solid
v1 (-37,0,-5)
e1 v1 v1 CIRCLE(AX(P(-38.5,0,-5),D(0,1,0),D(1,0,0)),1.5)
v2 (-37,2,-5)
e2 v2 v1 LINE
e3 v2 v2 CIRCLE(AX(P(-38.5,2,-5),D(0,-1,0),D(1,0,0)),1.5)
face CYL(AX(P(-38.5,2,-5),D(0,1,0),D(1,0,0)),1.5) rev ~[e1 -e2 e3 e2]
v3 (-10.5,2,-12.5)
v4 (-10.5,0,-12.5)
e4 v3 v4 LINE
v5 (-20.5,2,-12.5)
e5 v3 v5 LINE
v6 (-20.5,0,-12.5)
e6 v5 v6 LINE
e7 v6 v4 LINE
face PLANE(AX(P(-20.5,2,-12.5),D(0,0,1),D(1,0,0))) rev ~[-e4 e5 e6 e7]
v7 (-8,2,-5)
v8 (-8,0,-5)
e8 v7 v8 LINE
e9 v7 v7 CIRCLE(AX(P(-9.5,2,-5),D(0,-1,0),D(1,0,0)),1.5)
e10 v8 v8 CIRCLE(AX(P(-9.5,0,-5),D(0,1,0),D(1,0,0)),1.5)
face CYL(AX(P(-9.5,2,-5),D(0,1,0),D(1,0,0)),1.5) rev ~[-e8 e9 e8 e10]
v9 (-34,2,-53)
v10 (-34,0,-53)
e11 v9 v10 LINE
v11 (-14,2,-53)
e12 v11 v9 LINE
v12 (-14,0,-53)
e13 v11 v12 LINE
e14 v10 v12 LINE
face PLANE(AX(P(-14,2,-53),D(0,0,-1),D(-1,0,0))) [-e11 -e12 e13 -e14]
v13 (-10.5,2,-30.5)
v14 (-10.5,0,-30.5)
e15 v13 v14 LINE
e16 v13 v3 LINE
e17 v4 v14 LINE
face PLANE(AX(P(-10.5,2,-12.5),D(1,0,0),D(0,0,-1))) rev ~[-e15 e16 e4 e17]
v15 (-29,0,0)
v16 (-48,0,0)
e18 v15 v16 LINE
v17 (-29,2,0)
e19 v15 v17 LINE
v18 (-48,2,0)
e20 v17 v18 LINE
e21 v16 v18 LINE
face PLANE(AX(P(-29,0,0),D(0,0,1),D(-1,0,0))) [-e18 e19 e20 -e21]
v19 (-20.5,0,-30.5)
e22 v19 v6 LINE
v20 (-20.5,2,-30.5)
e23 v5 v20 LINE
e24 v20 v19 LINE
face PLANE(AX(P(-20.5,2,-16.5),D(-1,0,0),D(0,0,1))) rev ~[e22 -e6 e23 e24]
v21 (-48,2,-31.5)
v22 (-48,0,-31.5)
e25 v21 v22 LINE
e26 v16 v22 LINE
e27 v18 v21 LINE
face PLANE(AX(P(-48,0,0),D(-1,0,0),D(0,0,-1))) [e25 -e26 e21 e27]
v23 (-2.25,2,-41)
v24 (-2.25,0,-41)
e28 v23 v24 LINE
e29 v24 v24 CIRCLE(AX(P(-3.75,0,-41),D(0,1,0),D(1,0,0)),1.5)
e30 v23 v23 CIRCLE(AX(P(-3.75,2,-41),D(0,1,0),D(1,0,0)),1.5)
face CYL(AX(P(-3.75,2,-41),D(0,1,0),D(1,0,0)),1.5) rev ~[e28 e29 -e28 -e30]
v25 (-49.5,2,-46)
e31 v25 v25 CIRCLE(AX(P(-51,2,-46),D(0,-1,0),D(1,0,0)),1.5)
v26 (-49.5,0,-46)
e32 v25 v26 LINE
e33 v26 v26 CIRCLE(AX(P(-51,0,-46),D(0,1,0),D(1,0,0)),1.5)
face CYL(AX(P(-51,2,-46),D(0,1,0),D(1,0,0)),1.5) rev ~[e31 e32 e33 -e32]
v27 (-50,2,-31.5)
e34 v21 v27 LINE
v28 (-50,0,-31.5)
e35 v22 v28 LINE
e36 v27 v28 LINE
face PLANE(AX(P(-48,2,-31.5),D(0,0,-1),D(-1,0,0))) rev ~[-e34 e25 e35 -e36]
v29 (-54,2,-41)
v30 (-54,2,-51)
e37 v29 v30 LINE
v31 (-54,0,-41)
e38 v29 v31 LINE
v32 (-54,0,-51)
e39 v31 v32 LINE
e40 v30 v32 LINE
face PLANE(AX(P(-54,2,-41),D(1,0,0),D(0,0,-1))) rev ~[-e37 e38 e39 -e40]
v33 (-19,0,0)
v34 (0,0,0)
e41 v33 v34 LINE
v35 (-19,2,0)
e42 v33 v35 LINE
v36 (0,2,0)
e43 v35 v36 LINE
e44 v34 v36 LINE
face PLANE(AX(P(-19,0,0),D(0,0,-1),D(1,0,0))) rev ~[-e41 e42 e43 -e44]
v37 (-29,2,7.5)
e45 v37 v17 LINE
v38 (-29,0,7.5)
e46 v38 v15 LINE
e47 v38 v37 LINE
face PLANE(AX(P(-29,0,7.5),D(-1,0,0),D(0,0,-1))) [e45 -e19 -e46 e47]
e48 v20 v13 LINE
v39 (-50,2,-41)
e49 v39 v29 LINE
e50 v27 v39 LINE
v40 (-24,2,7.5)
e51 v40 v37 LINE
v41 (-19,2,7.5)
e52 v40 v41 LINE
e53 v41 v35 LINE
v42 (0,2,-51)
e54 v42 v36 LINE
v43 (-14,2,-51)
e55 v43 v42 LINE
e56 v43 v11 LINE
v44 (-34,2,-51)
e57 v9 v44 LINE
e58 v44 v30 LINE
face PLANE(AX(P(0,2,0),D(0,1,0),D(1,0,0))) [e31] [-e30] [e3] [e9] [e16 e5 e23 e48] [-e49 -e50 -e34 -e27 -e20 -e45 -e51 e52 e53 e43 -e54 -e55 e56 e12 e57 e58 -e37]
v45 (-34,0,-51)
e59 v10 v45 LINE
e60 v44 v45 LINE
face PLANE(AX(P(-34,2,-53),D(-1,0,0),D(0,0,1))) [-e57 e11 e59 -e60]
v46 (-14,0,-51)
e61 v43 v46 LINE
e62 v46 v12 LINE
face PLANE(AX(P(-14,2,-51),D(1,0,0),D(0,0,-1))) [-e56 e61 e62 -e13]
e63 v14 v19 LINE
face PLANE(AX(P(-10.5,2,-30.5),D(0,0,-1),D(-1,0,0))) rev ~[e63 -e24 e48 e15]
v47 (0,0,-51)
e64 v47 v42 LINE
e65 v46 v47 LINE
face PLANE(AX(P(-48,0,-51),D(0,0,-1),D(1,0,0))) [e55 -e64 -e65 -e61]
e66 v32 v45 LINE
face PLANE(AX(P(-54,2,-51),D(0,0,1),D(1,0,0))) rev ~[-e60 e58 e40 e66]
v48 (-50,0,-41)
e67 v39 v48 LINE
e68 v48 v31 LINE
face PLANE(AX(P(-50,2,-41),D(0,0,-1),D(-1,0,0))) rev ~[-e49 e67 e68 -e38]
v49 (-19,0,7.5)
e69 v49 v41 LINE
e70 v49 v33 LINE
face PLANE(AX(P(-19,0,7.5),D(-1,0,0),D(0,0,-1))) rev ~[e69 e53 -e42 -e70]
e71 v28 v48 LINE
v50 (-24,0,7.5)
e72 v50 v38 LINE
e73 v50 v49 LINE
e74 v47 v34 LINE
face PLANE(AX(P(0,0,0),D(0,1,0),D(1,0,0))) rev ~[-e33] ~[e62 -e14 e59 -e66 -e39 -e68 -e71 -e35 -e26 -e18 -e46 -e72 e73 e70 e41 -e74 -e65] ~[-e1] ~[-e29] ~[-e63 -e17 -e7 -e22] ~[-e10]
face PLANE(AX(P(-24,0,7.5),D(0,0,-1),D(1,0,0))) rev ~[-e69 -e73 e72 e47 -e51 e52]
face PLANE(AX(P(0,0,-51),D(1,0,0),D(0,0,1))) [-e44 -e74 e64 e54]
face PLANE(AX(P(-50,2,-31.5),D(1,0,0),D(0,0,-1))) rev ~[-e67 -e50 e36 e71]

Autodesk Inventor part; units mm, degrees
ref_plane "YZ Plane" through (0, 0, 0) normal (1, 0, 0) x (0, 1, 0)
ref_plane "XZ Plane" through (0, 0, 0) normal (0, 1, 0) x (-1, 0, 0)
ref_plane "XY Plane" through (0, 0, 0) normal (0, 0, 1) x (1, 0, 0)
sketch "Boceto1" plane through (0, 0, 0) normal (0, 1, 0) x (-1, 0, 0)
  line L0 (48, 0) -> (48, -51)
  line L1 (48, -51) -> (0, -51)
  line L2 (0, -51) -> (0, 0)
  line L3 (24, 7.5) -> (29, 7.5)
  line L4 (29, 7.5) -> (29, 0)
  line L5 (24, 7.5) -> (19, 7.5)
  line L6 (19, 7.5) -> (19, 0)
  line L7 (24, 7.5) -> (24, -1.25)
  circle A0 centre (24, -1.25) radius 1.5
  line L8 (29, 0) -> (48, 0)
  line L9 (19, 0) -> (0, 0)
  dimension "d0" = 48
  dimension "d1" = 51
  dimension "d3" = 5
  dimension "d4" = 5
  dimension "d5" = 8.75
  dimension "d6" = 3
extrude "Extrusión1" add sketch "Boceto1" along normal blind 2
ref_plane "Plano de trabajo1" through (-48, -25, -47.5) normal (0, -1, 0) x (1, 0, 0)
sketch "Boceto4" plane through (0, 2, 0) normal (0, 1, 0) x (1, 0, 0)
  line L0 (0, 51) -> (-48, 51) projected
  line L1 (-24, 51) -> (-24, 53)
  line L2 (-24, 53) -> (-34, 53)
  line L3 (-34, 53) -> (-34, 51)
  line L4 (-34, 51) -> (-14, 51)
  line L5 (-14, 51) -> (-14, 53)
  line L6 (-14, 53) -> (-24, 53)
  point P0 (0, 0)
  dimension "d18" = 2
  dimension "d19" = 10
  dimension "d20" = 20
extrude "Extrusión4" add sketch "Boceto4" against normal blind 2
sketch "Boceto6" plane through (0, 2, 0) normal (0, 1, 0) x (1, 0, 0)
  line L0 (-48, 47.5) -> (-48, 31.5) projected
  line L1 (-48, 47.5) -> (-18.5, 47.5)
  line L2 (-18.5, 47.5) -> (-18.5, 26.5)
  line L3 (-18.5, 26.5) -> (-18.5, 16.5)
  line L4 (-18.5, 16.5) -> (-12.5, 16.5)
  line L5 (-12.5, 16.5) -> (-12.5, 26.5)
  line L6 (-12.5, 26.5) -> (-18.5, 26.5)
  point P0 (0, 0)
  dimension "d26" = 29.5
  dimension "d27" = 21
  dimension "d28" = 10
  dimension "d29" = 6
extrude "Extrusión6" cut sketch "Boceto6" against normal blind 2
sketch "Boceto7" plane through (0, 2, 0) normal (0, 1, 0) x (1, 0, 0)
  circle A0 centre (-24, 1.25) radius 1.5 projected
  circle A1 centre (-24, 1.25) radius 1.5
  point P0 (0, 0)
extrude "Extrusión7" add sketch "Boceto7" against normal blind 2
sketch "Boceto8" plane through (0, 2, 0) normal (0, 1, 0) x (1, 0, 0)
  line L0 (-48, 51) -> (-48, 0) projected
  line L1 (-48, 51) -> (-48, 31.5)
  line L2 (-48, 31.5) -> (-50, 31.5)
  line L3 (-50, 31.5) -> (-50, 41)
  line L4 (-50, 41) -> (-54, 41)
  line L5 (-54, 41) -> (-54, 51)
  line L6 (-54, 51) -> (-48, 51)
  point P0 (0, 0)
  dimension "d34" = 19.5
  dimension "d35" = 2
  dimension "d36" = 9.5
  dimension "d37" = 4
extrude "Extrusión8" add sketch "Boceto8" against normal blind 2
sketch "Boceto9" plane through (0, 2, 0) normal (0, 1, 0) x (1, 0, 0)
  line L0 (-48, 0) -> (-29, 0) projected
  line L1 (-48, 0) -> (-48, 5)
  line L2 (-48, 31.5) -> (-48, 0) projected
  line L3 (-48, 5) -> (-38.5, 5)
  line L4 (-48, 5) -> (-9.5, 5)
  circle A0 centre (-38.5, 5) radius 1.5
  circle A1 centre (-9.5, 5) radius 1.5
  line L5 (0, 51) -> (-14, 51) projected
  line L6 (0, 51) -> (0, 41)
  line L7 (0, 0) -> (0, 51) projected
  line L8 (0, 41) -> (-3.75, 41)
  circle A2 centre (-3.75, 41) radius 1.5
  line L9 (-34, 51) -> (-54, 51) projected
  line L10 (-54, 51) -> (-51, 51)
  line L11 (-51, 51) -> (-51, 46)
  circle A3 centre (-51, 46) radius 1.5
  dimension "d40" = 5
  dimension "d41" = 9.5
  dimension "d42" = 38.5
  dimension "d43" = 3
  dimension "d44" = 3
  dimension "d45" = 10
  dimension "d46" = 3.75
  dimension "d47" = 3
  dimension "d48" = 3
  dimension "d49" = 3
extrude "Extrusión9" cut sketch "Boceto9" against normal blind 2
sketch "Boceto10" plane through (0, 2, 0) normal (0, 1, 0) x (1, 0, 0)
  line L0 (-18.5, 16.5) -> (-18.5, 26.5) projected
  line L1 (-20.5, 16.5) -> (-20.5, 12.5)
  line L2 (-20.5, 12.5) -> (-12.5, 12.5)
  line L3 (-12.5, 12.5) -> (-10.5, 12.5)
  line L4 (-10.5, 12.5) -> (-10.5, 26.5)
  line L5 (-10.5, 26.5) -> (-10.5, 30.5)
  line L6 (-10.5, 30.5) -> (-18.5, 30.5)
  line L7 (-18.5, 30.5) -> (-20.5, 30.5)
  line L8 (-20.5, 16.5) -> (-20.5, 30.5)
  point P0 (0, 0)
  dimension "d52" = 2
  dimension "d53" = 4
  dimension "d54" = 2
  dimension "d55" = 4
extrude "Extrusión10" cut sketch "Boceto10" against normal blind 10
properties part number "arm_2_case"
